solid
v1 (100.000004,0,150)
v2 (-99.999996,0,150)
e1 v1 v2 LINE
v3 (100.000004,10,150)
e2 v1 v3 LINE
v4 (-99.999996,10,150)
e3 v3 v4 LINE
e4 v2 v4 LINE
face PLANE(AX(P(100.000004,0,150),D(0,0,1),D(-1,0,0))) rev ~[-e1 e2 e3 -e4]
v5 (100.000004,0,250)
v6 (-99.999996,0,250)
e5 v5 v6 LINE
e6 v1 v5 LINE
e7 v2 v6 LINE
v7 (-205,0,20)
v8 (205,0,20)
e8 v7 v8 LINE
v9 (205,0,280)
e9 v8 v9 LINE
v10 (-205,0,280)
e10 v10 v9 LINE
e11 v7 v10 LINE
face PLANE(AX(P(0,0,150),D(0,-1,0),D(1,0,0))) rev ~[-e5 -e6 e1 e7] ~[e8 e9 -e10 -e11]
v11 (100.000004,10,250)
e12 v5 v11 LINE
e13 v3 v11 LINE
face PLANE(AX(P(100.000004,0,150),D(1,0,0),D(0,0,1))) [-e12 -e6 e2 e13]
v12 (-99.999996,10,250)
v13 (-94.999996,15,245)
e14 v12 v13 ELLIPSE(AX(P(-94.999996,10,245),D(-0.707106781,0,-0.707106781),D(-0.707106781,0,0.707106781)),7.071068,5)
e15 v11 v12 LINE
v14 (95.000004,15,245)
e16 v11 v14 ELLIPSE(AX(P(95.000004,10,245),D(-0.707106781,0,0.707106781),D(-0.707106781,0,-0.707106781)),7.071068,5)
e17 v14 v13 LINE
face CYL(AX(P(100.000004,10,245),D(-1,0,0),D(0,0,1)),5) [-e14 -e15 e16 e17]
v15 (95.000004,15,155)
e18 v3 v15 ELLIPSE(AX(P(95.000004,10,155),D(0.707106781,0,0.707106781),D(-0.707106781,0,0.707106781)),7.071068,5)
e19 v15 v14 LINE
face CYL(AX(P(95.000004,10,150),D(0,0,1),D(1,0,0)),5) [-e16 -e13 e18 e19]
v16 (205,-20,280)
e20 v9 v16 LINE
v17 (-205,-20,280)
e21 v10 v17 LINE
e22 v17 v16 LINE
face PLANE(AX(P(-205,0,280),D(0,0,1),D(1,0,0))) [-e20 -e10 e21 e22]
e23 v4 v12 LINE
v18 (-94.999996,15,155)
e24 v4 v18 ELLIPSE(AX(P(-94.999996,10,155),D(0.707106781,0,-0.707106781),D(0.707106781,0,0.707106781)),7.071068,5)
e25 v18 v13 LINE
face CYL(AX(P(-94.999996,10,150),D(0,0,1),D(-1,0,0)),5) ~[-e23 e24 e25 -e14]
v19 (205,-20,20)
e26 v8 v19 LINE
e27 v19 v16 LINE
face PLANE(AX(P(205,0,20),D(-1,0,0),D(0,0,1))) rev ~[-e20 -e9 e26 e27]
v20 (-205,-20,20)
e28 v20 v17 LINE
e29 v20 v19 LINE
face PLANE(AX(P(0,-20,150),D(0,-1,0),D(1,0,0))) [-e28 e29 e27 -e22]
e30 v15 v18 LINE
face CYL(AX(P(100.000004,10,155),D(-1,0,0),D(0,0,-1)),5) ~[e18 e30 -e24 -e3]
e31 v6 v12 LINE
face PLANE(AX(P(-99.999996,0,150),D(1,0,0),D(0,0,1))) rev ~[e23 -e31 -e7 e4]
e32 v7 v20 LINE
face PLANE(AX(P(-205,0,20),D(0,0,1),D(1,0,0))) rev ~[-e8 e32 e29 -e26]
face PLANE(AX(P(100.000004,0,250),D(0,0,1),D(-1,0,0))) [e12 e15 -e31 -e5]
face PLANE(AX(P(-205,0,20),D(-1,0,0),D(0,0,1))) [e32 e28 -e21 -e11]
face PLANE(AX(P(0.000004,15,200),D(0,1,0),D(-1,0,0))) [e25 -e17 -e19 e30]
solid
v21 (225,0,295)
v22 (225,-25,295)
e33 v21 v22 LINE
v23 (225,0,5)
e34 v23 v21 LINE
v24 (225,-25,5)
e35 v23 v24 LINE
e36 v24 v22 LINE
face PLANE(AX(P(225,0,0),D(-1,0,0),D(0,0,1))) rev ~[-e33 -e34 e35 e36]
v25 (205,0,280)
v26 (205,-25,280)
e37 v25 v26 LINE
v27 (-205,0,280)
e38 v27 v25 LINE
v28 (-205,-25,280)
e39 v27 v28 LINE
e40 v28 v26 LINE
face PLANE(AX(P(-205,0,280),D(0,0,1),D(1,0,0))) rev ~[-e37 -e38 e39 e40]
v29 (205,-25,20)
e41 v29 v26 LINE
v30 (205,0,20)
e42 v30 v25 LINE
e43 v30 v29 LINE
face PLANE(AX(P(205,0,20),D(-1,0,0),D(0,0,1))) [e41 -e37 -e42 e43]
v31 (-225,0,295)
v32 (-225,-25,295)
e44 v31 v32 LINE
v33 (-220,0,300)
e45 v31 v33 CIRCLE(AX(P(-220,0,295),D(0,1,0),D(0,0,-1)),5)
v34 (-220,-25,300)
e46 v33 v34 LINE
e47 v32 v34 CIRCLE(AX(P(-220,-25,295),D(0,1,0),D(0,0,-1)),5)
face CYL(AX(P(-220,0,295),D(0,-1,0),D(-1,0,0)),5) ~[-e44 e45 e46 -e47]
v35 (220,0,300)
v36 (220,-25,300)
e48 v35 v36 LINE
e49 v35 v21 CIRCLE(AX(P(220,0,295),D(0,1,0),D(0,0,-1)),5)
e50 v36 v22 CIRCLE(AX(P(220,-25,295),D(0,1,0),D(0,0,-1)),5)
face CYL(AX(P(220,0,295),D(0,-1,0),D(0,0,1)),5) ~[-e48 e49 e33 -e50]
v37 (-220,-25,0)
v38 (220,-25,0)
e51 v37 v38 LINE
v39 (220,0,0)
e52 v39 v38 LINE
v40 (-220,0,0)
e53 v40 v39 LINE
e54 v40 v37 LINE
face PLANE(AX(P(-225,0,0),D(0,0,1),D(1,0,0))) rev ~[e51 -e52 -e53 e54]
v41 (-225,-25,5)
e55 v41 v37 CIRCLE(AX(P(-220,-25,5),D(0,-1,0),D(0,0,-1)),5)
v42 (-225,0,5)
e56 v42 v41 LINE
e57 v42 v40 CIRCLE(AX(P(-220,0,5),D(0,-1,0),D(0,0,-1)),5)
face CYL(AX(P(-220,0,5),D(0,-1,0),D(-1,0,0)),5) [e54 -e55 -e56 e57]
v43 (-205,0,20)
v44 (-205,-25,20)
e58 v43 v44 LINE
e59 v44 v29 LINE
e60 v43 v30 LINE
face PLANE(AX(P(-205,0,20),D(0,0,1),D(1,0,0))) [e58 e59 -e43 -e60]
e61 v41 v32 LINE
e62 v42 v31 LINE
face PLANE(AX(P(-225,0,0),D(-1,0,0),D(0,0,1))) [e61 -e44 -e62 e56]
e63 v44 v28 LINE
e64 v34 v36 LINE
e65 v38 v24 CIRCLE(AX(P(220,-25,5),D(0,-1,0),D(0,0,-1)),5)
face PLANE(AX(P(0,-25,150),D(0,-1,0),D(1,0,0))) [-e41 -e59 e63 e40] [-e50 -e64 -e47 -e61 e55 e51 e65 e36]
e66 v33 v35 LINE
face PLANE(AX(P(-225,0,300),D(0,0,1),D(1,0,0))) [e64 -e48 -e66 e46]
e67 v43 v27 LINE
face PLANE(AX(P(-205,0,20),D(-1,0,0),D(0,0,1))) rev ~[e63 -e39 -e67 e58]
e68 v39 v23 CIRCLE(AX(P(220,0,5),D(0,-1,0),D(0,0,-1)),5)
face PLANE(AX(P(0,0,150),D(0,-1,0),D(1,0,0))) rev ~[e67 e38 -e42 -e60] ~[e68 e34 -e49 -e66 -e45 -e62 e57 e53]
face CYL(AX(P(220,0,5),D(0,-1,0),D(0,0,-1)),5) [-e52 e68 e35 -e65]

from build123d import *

# Parameters (mm, degrees)
F0_W     = 410
F0_H     = 260
F1_DEPTH = 20
F0_W_2   = 450
F0_H_2   = 300
F2_DEPTH = 25
F3_R     = 5
F4_W     = 200
F4_H     = 100
F5_DEPTH = 15
F6_R     = 5


with BuildPart() as f1:
    # F0 (on Front) → F1 (new body)
    with BuildSketch(Plane.XZ):
        with Locations((0, 150)):
            Rectangle(F0_W, F0_H)
    extrude(amount=F1_DEPTH)

    # F4 (on face) → F5 (join)
    with BuildSketch(Plane(origin=(0, 0, 0), x_dir=(-1, 0, 0), z_dir=(0, 1, 0))):
        with Locations((-4e-06, 200)):
            Rectangle(F4_W, F4_H)
    extrude(amount=F5_DEPTH)

    # F6
    f6_edges = [f1.edges().sort_by_distance(p)[0] for p in [
        (-99.999996, 15, 200),
        (4e-06, 15, 250),
        (100.000004, 15, 200),
        (4e-06, 15, 150),
    ]]
    fillet(f6_edges, radius=F6_R)


with BuildPart() as f2:
    # F0 (on Front) → F2 (new body)
    with BuildSketch(Plane.XZ):
        with Locations((0, 150)):
            Rectangle(F0_W_2, F0_H_2)
        with Locations((0, 150)):
            Rectangle(F0_W, F0_H, mode=Mode.SUBTRACT)
    extrude(amount=F2_DEPTH)

    # F3
    f3_edges = [f2.edges().sort_by_distance(p)[0] for p in [
        (-225, -12.5, 300),
        (225, -12.5, 300),
        (225, -12.5, 0),
        (-225, -12.5, 0),
    ]]
    fillet(f3_edges, radius=F3_R)


solid = Compound([f1.part, f2.part])
